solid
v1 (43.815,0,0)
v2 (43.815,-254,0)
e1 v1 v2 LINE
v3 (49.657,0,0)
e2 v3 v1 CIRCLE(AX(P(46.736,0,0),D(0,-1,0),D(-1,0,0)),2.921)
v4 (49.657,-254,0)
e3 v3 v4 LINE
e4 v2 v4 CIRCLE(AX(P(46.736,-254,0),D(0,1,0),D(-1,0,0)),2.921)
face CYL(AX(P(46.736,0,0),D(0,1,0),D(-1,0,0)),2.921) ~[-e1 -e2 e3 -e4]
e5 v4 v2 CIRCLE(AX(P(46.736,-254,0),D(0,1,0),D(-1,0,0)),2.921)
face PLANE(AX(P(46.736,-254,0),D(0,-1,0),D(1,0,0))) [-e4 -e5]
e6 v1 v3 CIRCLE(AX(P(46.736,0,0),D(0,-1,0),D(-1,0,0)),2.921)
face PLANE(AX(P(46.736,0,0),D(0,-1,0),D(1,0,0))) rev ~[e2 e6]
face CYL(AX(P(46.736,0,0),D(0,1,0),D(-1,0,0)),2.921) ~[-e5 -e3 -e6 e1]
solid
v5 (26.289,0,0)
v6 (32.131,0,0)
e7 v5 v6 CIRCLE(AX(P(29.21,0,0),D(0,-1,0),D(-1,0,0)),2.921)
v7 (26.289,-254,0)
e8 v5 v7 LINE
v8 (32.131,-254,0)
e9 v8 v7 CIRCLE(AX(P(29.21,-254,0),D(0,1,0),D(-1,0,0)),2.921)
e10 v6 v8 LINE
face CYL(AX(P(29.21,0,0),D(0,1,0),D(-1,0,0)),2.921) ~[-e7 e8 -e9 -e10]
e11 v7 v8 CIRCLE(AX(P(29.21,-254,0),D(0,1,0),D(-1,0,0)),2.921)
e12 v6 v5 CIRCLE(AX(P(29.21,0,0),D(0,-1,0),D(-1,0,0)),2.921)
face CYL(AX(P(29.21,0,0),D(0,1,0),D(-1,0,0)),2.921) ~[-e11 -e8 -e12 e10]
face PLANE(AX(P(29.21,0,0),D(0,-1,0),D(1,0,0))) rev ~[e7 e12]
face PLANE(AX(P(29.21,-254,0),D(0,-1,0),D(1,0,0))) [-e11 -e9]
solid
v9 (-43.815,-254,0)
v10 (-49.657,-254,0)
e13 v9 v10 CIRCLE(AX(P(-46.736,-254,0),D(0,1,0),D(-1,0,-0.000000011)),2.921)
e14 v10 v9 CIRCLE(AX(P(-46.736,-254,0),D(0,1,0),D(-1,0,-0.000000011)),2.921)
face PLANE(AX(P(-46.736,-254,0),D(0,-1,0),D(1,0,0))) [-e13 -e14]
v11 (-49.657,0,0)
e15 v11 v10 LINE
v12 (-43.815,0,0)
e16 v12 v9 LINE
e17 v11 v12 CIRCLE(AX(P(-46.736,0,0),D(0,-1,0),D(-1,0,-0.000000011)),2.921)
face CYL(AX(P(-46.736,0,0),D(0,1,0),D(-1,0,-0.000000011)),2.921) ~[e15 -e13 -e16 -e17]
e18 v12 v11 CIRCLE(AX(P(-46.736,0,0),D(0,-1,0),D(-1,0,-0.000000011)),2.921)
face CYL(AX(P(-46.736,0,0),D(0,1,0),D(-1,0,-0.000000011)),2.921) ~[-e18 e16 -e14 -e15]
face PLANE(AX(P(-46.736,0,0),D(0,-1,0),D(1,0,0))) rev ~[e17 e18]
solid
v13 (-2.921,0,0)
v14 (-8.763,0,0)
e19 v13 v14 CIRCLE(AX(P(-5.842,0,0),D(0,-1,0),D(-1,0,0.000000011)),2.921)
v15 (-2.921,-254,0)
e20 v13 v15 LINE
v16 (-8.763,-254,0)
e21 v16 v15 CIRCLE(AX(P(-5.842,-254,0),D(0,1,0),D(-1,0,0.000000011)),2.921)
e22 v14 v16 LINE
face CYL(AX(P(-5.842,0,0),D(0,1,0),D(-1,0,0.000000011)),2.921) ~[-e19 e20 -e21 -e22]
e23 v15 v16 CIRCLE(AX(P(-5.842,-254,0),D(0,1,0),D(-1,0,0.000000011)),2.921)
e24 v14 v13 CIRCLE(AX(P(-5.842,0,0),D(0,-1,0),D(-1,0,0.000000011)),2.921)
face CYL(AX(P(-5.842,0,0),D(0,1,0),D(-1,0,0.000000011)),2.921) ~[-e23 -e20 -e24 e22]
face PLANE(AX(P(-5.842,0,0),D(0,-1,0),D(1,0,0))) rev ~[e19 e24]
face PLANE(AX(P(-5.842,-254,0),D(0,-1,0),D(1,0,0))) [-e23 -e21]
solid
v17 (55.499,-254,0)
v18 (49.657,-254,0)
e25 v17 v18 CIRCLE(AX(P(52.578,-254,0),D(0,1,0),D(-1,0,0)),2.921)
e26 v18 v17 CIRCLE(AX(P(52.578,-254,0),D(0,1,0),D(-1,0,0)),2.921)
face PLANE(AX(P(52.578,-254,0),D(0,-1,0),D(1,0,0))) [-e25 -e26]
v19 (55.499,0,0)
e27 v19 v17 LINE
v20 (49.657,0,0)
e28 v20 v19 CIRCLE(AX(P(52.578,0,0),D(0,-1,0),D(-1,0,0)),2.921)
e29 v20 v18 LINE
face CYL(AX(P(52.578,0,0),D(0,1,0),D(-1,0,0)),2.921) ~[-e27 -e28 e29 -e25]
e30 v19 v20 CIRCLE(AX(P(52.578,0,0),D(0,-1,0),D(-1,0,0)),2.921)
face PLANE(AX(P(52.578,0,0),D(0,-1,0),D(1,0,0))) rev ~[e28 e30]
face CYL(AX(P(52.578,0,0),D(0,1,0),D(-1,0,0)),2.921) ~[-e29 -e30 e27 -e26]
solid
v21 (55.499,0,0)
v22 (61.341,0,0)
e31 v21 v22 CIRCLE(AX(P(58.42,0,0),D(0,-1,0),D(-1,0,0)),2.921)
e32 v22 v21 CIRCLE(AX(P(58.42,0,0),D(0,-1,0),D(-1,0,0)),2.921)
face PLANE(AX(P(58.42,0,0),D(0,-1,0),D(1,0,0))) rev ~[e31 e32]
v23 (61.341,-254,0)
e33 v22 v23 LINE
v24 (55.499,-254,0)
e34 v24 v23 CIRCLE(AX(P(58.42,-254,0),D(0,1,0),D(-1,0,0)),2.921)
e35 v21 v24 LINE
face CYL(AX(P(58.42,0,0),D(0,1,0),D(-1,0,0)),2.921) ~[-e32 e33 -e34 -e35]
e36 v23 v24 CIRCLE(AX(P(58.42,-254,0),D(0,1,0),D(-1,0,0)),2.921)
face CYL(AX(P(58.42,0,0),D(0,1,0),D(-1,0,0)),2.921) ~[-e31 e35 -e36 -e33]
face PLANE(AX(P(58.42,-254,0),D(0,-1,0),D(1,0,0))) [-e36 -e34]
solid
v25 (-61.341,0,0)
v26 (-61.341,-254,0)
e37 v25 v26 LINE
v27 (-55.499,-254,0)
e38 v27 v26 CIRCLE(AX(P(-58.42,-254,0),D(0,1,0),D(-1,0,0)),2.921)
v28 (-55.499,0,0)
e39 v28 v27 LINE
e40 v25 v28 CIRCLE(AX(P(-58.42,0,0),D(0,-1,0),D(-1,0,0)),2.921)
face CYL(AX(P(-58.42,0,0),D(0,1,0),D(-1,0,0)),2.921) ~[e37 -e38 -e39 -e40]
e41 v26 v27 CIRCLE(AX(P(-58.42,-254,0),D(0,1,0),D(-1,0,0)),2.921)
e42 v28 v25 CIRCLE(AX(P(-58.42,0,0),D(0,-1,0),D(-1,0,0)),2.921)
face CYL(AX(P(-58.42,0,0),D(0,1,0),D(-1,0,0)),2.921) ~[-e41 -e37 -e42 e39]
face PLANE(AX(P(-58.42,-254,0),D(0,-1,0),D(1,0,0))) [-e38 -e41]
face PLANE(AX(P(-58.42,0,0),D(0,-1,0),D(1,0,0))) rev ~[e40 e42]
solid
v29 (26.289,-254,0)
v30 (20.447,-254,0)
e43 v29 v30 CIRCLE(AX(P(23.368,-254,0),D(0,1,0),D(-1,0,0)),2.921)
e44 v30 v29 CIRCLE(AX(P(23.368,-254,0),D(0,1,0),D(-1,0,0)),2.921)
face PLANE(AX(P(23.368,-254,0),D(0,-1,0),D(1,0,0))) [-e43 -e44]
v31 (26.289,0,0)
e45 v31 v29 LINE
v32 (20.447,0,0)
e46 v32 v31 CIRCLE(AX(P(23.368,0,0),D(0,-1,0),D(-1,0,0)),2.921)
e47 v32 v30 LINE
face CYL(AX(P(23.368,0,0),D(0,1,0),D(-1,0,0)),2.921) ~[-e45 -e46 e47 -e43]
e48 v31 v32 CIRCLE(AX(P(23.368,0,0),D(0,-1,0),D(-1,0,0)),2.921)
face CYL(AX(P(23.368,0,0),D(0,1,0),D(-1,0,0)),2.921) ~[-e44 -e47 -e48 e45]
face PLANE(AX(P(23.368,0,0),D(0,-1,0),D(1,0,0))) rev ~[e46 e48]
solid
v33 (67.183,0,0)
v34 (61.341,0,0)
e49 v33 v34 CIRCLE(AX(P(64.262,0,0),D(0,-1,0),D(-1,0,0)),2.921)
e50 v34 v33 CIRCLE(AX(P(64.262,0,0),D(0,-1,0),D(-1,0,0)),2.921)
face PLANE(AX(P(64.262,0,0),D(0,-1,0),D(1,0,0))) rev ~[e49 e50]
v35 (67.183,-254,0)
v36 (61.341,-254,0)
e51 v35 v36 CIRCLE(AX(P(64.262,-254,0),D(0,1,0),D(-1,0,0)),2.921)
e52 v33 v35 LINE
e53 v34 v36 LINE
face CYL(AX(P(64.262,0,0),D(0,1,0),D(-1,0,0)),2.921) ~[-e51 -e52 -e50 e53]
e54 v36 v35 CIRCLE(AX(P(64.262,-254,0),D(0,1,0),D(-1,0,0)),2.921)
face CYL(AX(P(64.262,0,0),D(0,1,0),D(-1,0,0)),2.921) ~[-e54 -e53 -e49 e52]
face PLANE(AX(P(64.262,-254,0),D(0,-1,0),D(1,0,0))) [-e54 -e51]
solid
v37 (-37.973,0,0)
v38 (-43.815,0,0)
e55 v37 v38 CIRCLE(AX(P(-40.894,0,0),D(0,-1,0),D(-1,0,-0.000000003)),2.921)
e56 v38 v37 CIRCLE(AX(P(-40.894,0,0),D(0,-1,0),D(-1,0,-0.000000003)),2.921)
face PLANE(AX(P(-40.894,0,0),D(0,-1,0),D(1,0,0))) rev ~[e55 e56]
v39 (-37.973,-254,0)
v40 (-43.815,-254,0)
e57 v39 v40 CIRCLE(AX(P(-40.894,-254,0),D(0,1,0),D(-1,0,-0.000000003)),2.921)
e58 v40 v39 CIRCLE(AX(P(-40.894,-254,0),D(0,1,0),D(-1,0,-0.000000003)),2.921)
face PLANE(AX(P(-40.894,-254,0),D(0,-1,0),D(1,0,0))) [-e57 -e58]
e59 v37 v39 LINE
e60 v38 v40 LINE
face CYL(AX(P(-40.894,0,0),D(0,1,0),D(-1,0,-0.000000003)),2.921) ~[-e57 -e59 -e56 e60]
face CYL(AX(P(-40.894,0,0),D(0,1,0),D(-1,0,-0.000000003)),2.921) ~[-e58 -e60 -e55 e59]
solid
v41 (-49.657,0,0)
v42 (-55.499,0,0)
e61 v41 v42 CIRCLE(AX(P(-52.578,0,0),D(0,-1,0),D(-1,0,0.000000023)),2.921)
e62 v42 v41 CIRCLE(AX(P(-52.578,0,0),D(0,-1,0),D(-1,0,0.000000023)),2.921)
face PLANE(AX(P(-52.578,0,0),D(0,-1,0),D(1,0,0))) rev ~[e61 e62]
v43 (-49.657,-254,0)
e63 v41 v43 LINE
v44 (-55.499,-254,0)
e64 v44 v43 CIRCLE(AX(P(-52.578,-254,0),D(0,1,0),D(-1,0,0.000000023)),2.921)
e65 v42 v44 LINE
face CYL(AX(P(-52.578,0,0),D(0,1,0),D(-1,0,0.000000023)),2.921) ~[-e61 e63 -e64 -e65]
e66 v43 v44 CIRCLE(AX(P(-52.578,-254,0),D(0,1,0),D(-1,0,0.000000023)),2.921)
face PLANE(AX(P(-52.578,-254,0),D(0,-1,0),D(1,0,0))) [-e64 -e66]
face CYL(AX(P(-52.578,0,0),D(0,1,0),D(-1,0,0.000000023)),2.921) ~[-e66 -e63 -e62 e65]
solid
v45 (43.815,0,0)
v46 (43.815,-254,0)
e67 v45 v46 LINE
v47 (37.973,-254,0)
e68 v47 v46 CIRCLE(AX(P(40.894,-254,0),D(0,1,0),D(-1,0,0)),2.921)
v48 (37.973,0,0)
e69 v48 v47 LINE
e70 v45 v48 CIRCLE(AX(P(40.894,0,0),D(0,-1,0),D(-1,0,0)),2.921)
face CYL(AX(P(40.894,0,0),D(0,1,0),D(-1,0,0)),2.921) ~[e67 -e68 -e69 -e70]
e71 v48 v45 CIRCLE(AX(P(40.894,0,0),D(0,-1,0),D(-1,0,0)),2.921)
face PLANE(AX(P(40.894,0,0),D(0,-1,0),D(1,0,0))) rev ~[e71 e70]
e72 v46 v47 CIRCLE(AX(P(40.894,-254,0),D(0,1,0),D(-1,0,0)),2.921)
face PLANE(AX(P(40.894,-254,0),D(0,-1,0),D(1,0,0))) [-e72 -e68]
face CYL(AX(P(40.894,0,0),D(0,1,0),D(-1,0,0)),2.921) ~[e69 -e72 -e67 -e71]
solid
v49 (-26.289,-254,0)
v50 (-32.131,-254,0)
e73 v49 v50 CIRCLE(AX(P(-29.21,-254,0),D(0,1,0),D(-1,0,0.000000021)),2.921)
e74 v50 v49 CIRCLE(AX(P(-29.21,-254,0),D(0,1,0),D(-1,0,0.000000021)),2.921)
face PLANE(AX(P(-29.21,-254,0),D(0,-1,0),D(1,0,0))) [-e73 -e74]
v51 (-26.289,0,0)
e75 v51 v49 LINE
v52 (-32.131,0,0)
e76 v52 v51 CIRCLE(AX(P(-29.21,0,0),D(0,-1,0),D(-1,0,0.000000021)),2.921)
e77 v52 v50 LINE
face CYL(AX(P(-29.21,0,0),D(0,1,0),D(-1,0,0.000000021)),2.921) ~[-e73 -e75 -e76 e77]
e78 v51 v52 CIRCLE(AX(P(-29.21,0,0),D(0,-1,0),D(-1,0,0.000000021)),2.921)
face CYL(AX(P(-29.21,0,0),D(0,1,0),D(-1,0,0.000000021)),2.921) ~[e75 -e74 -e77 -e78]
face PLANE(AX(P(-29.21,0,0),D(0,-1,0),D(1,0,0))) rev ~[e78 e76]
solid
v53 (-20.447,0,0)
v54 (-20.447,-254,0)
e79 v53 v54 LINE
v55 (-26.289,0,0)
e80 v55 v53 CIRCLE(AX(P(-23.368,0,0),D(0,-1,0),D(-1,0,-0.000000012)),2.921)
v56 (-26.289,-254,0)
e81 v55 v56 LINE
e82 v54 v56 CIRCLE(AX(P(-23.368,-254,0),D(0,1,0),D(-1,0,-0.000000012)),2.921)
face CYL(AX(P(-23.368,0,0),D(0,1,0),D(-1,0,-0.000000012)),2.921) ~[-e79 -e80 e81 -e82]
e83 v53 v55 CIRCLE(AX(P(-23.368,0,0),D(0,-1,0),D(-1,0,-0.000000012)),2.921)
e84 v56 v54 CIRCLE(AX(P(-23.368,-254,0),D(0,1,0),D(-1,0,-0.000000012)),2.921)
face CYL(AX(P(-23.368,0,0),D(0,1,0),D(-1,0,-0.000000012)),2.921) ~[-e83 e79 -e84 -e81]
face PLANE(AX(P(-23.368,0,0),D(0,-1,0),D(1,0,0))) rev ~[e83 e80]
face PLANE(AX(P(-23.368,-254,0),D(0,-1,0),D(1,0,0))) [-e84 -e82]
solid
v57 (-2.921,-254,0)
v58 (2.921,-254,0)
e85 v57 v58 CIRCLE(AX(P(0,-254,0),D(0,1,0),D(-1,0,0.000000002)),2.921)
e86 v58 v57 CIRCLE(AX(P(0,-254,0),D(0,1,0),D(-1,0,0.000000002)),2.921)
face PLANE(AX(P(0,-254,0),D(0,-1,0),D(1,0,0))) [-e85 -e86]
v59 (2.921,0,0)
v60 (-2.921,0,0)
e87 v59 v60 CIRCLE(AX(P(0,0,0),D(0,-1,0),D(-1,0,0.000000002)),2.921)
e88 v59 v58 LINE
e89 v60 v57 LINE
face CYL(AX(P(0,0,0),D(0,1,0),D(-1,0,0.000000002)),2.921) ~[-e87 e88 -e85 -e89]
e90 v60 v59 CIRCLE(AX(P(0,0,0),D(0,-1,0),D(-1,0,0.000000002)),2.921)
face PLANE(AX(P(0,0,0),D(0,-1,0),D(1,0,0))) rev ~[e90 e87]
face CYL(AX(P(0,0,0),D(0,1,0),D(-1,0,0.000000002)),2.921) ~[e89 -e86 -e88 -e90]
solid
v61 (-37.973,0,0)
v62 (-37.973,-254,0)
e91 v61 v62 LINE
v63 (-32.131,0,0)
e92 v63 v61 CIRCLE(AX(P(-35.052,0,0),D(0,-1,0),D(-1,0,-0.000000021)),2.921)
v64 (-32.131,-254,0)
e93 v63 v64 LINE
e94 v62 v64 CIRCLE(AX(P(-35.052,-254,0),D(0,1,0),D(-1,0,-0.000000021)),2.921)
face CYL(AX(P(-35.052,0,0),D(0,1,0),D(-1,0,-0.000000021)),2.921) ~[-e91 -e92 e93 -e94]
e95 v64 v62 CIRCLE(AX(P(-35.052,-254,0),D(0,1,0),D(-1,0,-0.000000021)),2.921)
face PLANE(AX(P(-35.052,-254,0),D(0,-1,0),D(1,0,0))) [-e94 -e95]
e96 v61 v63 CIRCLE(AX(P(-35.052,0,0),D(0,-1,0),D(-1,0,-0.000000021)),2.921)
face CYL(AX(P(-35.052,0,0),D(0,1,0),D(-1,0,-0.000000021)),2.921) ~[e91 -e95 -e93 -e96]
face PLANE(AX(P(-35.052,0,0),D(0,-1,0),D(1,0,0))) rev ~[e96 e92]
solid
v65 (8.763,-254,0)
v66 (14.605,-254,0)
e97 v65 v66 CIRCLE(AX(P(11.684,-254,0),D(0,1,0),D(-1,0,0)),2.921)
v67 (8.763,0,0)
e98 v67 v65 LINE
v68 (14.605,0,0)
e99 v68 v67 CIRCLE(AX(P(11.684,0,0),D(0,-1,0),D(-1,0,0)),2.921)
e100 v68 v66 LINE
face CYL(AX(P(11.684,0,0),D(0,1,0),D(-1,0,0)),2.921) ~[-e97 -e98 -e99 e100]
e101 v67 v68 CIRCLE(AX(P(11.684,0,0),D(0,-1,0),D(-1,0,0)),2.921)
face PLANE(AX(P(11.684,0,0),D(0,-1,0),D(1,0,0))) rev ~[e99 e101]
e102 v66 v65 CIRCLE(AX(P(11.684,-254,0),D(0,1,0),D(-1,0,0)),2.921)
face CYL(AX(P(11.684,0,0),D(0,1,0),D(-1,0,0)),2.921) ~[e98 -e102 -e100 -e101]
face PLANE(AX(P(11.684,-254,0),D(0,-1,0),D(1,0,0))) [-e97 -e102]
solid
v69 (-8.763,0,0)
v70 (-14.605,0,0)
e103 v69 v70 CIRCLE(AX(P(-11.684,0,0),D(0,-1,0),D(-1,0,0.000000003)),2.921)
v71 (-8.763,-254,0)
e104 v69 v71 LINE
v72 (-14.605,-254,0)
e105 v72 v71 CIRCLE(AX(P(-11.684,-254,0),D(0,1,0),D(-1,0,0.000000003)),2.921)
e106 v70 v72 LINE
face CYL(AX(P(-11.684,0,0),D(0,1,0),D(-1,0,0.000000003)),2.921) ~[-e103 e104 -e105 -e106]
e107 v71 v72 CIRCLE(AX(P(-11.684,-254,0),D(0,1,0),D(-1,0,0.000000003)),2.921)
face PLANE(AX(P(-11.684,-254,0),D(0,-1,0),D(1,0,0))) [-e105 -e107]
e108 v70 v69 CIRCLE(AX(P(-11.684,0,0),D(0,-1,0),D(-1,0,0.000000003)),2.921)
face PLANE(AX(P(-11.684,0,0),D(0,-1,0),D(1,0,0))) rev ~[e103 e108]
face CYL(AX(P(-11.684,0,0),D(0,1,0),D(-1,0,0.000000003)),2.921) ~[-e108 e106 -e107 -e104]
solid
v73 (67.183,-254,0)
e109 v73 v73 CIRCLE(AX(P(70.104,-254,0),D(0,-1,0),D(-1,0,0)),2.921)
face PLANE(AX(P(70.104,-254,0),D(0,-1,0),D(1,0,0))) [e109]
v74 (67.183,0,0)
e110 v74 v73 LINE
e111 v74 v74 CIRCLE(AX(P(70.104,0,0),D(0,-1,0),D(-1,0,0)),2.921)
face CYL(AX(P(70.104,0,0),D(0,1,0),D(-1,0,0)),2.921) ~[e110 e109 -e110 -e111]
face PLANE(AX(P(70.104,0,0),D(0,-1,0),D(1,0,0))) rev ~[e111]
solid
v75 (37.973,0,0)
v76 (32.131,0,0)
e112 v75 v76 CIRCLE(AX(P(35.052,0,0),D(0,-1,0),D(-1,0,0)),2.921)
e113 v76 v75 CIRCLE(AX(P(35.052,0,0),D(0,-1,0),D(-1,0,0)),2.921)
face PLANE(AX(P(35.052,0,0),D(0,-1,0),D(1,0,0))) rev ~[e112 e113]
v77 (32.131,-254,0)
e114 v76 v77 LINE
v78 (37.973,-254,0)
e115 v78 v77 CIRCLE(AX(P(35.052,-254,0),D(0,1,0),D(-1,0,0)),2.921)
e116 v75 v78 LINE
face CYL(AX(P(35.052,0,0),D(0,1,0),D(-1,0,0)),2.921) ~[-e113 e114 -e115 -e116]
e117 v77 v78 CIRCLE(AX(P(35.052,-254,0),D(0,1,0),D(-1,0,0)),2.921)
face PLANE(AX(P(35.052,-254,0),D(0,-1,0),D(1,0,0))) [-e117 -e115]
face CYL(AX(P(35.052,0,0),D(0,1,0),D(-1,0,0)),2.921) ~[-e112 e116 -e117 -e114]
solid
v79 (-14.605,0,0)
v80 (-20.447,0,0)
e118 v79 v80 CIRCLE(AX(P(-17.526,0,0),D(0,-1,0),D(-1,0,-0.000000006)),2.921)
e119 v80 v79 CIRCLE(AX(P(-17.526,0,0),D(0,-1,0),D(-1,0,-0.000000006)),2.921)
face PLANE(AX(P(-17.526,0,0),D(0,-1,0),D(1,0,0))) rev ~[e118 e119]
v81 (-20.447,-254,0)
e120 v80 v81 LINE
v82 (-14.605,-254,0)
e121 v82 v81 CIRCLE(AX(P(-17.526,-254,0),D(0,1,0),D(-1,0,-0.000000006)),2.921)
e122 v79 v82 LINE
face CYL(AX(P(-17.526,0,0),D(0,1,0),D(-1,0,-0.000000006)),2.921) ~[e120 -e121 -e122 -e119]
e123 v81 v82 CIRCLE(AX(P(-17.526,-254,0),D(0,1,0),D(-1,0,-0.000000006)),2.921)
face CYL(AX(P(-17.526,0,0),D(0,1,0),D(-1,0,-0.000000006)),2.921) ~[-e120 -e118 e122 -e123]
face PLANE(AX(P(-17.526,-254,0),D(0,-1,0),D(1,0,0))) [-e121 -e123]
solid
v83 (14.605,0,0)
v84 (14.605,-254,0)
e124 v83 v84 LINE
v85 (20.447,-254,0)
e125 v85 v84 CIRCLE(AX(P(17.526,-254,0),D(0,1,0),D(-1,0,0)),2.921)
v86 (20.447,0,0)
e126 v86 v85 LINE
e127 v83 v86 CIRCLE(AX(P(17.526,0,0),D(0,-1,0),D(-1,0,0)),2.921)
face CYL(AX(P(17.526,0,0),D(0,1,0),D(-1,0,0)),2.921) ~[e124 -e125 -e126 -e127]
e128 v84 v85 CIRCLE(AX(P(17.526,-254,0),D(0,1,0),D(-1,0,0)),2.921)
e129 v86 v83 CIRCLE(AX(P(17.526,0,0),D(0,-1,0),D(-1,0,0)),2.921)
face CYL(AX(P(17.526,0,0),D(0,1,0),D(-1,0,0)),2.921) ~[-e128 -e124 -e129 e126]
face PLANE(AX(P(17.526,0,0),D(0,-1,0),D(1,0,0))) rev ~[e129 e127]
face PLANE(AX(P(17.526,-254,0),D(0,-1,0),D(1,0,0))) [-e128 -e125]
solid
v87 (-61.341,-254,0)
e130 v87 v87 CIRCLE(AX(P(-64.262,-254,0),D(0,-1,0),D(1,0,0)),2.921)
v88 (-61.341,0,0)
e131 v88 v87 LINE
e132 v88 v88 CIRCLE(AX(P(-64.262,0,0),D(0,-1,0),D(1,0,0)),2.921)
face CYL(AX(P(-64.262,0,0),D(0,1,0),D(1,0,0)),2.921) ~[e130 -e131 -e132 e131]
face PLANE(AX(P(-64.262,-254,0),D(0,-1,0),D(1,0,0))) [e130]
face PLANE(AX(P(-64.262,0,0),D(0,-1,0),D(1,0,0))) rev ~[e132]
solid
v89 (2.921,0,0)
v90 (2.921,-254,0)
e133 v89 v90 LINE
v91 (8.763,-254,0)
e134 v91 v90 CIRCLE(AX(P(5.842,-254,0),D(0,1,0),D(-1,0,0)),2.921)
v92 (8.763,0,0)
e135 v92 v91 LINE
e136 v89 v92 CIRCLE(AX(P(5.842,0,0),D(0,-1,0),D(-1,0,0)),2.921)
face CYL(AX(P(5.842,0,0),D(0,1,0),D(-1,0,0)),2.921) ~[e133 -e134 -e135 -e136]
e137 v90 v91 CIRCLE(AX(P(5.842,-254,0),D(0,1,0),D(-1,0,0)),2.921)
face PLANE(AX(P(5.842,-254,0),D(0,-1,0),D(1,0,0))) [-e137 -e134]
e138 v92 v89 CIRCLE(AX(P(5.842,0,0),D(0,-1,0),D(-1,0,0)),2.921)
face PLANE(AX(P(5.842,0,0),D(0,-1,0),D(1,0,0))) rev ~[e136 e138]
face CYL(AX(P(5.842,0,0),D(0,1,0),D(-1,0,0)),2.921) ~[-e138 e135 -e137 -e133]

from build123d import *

# Parameters (mm, degrees)
F0_R     = 2.921
F1_DEPTH = 254


with BuildPart() as f1:
    # F0 (on Front) → F1 (new body)
    with BuildSketch(Plane.XZ):
        with Locations((-64.262, 0)):
            Circle(F0_R)
        with BuildLine():
            ThreePointArc((-61.341, 0), (-58.42, -2.921), (-55.499, 0))
            ThreePointArc((-55.499, 0), (-58.42, 2.921), (-61.341, 0))
        make_face()
        with BuildLine():
            ThreePointArc((-55.499, 0), (-52.578, -2.921), (-49.657, 0))
            ThreePointArc((-49.657, 0), (-52.578, 2.921), (-55.499, 0))
        make_face()
        with BuildLine():
            ThreePointArc((-49.657, 0), (-46.736, -2.921), (-43.815, 0))
            ThreePointArc((-43.815, 0), (-46.736, 2.921), (-49.657, 0))
        make_face()
        with BuildLine():
            ThreePointArc((-43.815, 0), (-40.894, -2.921), (-37.973, 0))
            ThreePointArc((-37.973, 0), (-40.894, 2.921), (-43.815, 0))
        make_face()
        with BuildLine():
            ThreePointArc((-37.973, 0), (-35.052, -2.921), (-32.131, 0))
            ThreePointArc((-32.131, 0), (-35.052, 2.921), (-37.973, 0))
        make_face()
        with BuildLine():
            ThreePointArc((-32.131, 0), (-29.21, -2.921), (-26.289, 0))
            ThreePointArc((-26.289, 0), (-29.21, 2.921), (-32.131, 0))
        make_face()
        with BuildLine():
            ThreePointArc((-26.289, 0), (-23.368, -2.921), (-20.447, 0))
            ThreePointArc((-20.447, 0), (-23.368, 2.921), (-26.289, 0))
        make_face()
        with BuildLine():
            ThreePointArc((-20.447, 0), (-17.526, -2.921), (-14.605, 0))
            ThreePointArc((-14.605, 0), (-17.526, 2.921), (-20.447, 0))
        make_face()
        with BuildLine():
            ThreePointArc((-14.605, 0), (-11.684, -2.921), (-8.763, 0))
            ThreePointArc((-8.763, 0), (-11.684, 2.921), (-14.605, 0))
        make_face()
        with BuildLine():
            ThreePointArc((-8.763, 0), (-5.842, -2.921), (-2.921, 0))
            ThreePointArc((-2.921, 0), (-5.842, 2.921), (-8.763, 0))
        make_face()
        with BuildLine():
            ThreePointArc((-2.921, 0), (0, -2.921), (2.921, 0))
            ThreePointArc((2.921, 0), (0, 2.921), (-2.921, 0))
        make_face()
        with BuildLine():
            ThreePointArc((8.763, 0), (5.842, 2.921), (2.921, 0))
            ThreePointArc((2.921, 0), (5.842, -2.921), (8.763, 0))
        make_face()
        with BuildLine():
            ThreePointArc((14.605, 0), (11.684, 2.921), (8.763, 0))
            ThreePointArc((8.763, 0), (11.684, -2.921), (14.605, 0))
        make_face()
        with BuildLine():
            ThreePointArc((20.447, 0), (17.526, 2.921), (14.605, 0))
            ThreePointArc((14.605, 0), (17.526, -2.921), (20.447, 0))
        make_face()
        with BuildLine():
            ThreePointArc((26.289, 0), (23.368, 2.921), (20.447, 0))
            ThreePointArc((20.447, 0), (23.368, -2.921), (26.289, 0))
        make_face()
        with BuildLine():
            ThreePointArc((32.131, 0), (29.21, 2.921), (26.289, 0))
            ThreePointArc((26.289, 0), (29.21, -2.921), (32.131, 0))
        make_face()
        with BuildLine():
            ThreePointArc((37.973, 0), (35.052, 2.921), (32.131, 0))
            ThreePointArc((32.131, 0), (35.052, -2.921), (37.973, 0))
        make_face()
        with BuildLine():
            ThreePointArc((43.815, 0), (40.894, 2.921), (37.973, 0))
            ThreePointArc((37.973, 0), (40.894, -2.921), (43.815, 0))
        make_face()
        with BuildLine():
            ThreePointArc((49.657, 0), (46.736, 2.921), (43.815, 0))
            ThreePointArc((43.815, 0), (46.736, -2.921), (49.657, 0))
        make_face()
        with BuildLine():
            ThreePointArc((55.499, 0), (52.578, 2.921), (49.657, 0))
            ThreePointArc((49.657, 0), (52.578, -2.921), (55.499, 0))
        make_face()
        with BuildLine():
            ThreePointArc((61.341, 0), (58.42, 2.921), (55.499, 0))
            ThreePointArc((55.499, 0), (58.42, -2.921), (61.341, 0))
        make_face()
        with BuildLine():
            ThreePointArc((67.183, 0), (64.262, 2.921), (61.341, 0))
            ThreePointArc((61.341, 0), (64.262, -2.921), (67.183, 0))
        make_face()
        with BuildLine():
            ThreePointArc((73.025, 0), (70.104, 2.921), (67.183, 0))
            ThreePointArc((67.183, 0), (70.104, -2.921), (73.025, 0))
        make_face()
    extrude(amount=F1_DEPTH)


solid = f1.part
